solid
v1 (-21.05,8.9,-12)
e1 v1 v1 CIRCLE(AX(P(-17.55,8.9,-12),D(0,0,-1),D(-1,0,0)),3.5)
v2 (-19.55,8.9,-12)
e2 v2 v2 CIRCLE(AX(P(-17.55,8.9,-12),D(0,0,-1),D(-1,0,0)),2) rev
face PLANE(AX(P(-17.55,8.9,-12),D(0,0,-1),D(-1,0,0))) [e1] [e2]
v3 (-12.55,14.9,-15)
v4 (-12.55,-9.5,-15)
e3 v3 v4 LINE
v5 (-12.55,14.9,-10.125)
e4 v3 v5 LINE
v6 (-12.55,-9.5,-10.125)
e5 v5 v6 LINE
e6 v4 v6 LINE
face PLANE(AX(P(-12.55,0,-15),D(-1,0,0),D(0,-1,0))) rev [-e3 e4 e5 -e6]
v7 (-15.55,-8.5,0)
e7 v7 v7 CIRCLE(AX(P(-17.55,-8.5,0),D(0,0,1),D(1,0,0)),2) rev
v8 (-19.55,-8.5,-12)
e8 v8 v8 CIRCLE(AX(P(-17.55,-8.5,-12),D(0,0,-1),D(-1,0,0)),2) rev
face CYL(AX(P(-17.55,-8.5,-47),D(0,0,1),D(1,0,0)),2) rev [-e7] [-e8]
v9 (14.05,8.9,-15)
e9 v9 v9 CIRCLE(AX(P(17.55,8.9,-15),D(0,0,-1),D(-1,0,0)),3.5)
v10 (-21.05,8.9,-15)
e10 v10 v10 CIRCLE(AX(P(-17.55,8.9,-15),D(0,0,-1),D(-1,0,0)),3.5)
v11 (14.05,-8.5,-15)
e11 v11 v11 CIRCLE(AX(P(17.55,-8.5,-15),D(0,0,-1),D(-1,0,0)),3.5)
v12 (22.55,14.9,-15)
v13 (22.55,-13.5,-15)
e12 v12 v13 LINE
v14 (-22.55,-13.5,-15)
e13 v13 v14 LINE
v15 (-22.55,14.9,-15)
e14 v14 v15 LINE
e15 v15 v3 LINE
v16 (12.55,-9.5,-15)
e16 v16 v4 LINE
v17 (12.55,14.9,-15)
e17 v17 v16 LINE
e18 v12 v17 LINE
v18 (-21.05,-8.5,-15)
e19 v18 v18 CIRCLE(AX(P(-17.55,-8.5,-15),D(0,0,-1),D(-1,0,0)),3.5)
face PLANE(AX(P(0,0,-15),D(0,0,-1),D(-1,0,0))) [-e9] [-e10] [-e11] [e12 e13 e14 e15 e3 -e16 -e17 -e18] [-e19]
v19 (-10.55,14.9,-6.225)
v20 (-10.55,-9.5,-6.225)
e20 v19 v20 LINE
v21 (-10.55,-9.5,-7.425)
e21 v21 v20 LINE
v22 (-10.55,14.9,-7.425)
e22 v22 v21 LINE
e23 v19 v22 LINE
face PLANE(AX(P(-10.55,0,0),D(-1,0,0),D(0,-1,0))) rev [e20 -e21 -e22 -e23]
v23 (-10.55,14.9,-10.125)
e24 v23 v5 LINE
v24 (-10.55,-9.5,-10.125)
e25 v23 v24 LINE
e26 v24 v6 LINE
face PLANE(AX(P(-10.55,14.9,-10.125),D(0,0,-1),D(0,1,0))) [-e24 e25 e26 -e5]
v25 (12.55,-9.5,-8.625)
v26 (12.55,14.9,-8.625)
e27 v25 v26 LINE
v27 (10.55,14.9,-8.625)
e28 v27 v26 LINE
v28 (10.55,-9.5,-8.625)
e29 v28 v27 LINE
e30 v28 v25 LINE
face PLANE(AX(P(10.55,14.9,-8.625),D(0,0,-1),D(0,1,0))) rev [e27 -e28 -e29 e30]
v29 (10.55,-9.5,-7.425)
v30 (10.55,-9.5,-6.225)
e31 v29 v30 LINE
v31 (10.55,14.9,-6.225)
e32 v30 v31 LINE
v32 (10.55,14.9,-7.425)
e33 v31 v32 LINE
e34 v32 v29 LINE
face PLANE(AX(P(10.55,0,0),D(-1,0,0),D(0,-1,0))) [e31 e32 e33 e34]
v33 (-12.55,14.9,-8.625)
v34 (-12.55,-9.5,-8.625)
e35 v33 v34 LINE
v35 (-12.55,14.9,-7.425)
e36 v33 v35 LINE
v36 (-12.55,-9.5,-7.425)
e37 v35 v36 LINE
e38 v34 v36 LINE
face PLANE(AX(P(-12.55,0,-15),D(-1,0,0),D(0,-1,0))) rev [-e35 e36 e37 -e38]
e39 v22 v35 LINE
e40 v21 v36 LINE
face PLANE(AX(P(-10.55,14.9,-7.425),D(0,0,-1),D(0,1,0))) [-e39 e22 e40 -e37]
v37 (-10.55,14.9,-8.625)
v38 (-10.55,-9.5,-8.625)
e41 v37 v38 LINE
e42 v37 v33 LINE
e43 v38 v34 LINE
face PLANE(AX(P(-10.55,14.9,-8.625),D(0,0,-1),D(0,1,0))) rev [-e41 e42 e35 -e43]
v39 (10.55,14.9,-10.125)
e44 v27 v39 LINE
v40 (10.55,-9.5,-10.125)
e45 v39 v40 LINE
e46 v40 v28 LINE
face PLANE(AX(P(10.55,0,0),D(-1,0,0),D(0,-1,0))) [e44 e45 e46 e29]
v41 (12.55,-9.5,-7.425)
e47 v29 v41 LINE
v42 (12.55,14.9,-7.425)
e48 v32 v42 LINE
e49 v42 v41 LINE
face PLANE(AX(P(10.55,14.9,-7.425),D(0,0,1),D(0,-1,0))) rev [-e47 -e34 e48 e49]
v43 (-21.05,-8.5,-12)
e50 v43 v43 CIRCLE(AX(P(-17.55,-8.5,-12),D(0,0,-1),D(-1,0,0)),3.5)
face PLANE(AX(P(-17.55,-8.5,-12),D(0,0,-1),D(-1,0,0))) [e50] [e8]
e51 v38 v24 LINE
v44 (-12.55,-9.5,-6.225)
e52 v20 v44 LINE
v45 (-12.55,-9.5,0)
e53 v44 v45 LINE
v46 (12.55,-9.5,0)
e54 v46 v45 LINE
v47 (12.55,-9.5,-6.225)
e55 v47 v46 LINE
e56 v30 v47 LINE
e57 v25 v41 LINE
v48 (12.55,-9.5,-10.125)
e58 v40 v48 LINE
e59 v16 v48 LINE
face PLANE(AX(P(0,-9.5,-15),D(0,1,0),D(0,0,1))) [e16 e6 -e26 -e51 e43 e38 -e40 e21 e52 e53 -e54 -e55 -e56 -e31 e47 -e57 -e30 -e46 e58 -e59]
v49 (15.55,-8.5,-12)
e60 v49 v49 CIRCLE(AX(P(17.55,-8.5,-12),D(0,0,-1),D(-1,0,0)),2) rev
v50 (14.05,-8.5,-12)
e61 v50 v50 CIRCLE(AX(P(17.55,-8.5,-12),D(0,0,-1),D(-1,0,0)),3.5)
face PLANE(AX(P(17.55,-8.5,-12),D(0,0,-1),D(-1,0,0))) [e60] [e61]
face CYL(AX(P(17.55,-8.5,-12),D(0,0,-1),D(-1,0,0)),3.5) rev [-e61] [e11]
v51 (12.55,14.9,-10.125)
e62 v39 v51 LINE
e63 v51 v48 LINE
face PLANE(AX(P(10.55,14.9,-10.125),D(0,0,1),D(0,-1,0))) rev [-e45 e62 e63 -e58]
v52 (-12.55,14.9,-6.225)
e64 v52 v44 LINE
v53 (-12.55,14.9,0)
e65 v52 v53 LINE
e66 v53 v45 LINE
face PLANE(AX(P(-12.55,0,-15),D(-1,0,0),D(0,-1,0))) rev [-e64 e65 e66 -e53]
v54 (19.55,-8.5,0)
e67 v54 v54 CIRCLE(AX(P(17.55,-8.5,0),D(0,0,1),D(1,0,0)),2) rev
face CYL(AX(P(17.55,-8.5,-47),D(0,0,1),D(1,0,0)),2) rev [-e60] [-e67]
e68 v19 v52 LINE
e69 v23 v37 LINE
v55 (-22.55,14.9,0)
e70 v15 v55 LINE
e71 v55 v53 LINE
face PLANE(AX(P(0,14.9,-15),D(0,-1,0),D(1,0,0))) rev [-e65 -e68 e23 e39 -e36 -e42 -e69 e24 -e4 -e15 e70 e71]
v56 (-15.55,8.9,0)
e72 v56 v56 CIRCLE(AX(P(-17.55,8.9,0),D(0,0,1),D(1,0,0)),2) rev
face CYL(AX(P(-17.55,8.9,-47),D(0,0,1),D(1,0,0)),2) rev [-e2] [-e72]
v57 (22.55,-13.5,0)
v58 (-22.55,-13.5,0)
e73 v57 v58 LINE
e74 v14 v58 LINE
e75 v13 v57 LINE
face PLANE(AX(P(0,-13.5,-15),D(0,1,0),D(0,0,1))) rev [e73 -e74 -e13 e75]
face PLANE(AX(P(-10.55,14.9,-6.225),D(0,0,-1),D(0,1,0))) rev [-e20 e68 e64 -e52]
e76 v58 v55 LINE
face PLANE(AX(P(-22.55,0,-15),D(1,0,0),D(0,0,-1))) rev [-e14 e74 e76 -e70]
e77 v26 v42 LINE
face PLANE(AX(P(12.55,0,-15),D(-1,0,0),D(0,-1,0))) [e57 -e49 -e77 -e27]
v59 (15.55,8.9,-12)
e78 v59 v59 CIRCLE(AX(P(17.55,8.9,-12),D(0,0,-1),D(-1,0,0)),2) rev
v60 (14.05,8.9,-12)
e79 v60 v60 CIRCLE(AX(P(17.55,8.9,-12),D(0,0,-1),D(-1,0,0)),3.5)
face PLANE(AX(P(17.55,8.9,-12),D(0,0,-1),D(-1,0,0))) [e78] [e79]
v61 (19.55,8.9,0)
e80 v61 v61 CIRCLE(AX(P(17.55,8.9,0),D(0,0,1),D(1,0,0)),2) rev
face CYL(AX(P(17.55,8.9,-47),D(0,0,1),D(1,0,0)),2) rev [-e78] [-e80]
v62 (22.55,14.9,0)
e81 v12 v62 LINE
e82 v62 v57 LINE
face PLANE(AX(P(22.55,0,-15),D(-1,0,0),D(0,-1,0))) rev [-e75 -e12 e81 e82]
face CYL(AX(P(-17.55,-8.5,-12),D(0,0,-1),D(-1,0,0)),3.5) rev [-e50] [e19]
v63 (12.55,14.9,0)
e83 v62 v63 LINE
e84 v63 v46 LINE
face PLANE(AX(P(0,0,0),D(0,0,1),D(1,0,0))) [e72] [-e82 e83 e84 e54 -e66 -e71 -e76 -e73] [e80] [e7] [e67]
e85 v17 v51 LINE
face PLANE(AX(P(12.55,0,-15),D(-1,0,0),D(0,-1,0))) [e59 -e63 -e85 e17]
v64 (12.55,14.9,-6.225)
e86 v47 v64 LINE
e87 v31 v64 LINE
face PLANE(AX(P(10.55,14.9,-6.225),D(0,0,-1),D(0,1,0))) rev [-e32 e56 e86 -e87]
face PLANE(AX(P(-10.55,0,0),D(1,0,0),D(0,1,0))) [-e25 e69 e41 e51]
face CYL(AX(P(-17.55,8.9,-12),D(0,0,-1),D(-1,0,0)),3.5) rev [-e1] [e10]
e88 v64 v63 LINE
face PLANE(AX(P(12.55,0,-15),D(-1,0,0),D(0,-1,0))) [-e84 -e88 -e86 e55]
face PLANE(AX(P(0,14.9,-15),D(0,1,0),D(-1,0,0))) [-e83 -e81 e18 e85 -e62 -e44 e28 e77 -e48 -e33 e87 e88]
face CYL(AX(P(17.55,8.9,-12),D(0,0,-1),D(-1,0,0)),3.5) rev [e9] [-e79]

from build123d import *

# Parameters (mm, degrees)
ESQUISSE1_R             = 37
ESQUISSE1_R_2           = 1.5
ESQUISSE1_W             = 25
ESQUISSE1_H             = 3
BOSS_EXTRU_1_DEPTH      = 2
BOSS_EXTRU_2_DEPTH      = 15
ESQUISSE3_W             = 1.5
ESQUISSE3_H             = 28.4
ESQUISSE3_W_2           = 1.2
BOSS_EXTRU_3_DEPTH      = 2
ESQUISSE5_W             = 1.5
ESQUISSE5_H             = 24.4
ESQUISSE5_W_2           = 1.2
BOSS_EXTRU_4_DEPTH      = 2
ESQUISSE10_R            = 2
ENL_V_MAT_EXTRU_3_DEPTH = 49
ENL_V_START             = -2
ESQUISSE11_R            = 37
ENL_V_MAT_EXTRU_4_DEPTH = 2
SKETCH4_R               = 3.5
CUT_EXTRUDE2_DEPTH      = 3


with BuildPart() as part:
    # Esquisse1 → Boss.-Extru.1 (new body)
    with BuildSketch(Plane.XY):
        Circle(ESQUISSE1_R)
        with Locations((0, 30)):
            Circle(ESQUISSE1_R_2, mode=Mode.SUBTRACT)
        with Locations((-25.416453209, -15.9375)):
            Circle(ESQUISSE1_R_2, mode=Mode.SUBTRACT)
        with Locations((0, -27)):
            Circle(ESQUISSE1_R_2, mode=Mode.SUBTRACT)
        with Locations((25.416453209, -15.9375)):
            Circle(ESQUISSE1_R_2, mode=Mode.SUBTRACT)
        with Locations((0, -15.5)):
            Rectangle(ESQUISSE1_W, ESQUISSE1_H, mode=Mode.SUBTRACT)
    extrude(amount=BOSS_EXTRU_1_DEPTH)

    # Esquisse2 → Boss.-Extru.2 (add)
    with BuildSketch(Plane(origin=(0, 0, 0), x_dir=(-1, 0, 0), z_dir=(0, 0, -1))):
        Polygon((-22.55, 14.9), (-12.55, 14.9), (-12.55, -9.5), (12.55, -9.5), (12.55, 14.9), (22.55, 14.9), (22.55, -13.5), (-22.55, -13.5), align=None)
    extrude(amount=BOSS_EXTRU_2_DEPTH)

    # Esquisse3 → Boss.-Extru.3 (add)
    with BuildSketch(Plane(origin=(-12.55, 0, 0), x_dir=(0, 0, -1), z_dir=(1, 0, 0))):
        with Locations((9.375, 0.7)):
            Rectangle(ESQUISSE3_W, ESQUISSE3_H)
        with Locations((6.825, 0.7)):
            Rectangle(ESQUISSE3_W_2, ESQUISSE3_H)
    extrude(amount=BOSS_EXTRU_3_DEPTH)

    # Esquisse5 → Boss.-Extru.4 (add)
    with BuildSketch(Plane.ZY.offset(-12.55)):
        with Locations((-9.375, 2.7)):
            Rectangle(ESQUISSE5_W, ESQUISSE5_H)
        with Locations((-6.825, 2.7)):
            Rectangle(ESQUISSE5_W_2, ESQUISSE5_H)
    extrude(amount=BOSS_EXTRU_4_DEPTH)

    # Esquisse10 → Enlèv. mat.-Extru.3 (cut)
    with BuildSketch(Plane.XY.offset(2)):
        with Locations((-17.55, 8.9)):
            Circle(ESQUISSE10_R)
        with Locations((-17.55, -8.5)):
            Circle(ESQUISSE10_R)
        with Locations((17.55, -8.5)):
            Circle(ESQUISSE10_R)
        with Locations((17.55, 8.9)):
            Circle(ESQUISSE10_R)
    extrude(amount=-ENL_V_MAT_EXTRU_3_DEPTH, mode=Mode.SUBTRACT)

    # Esquisse11 → Enlèv. mat.-Extru.4 (cut)
    with BuildSketch(Plane.XY.offset(2).offset(ENL_V_START)):
        Circle(ESQUISSE11_R)
    extrude(amount=ENL_V_MAT_EXTRU_4_DEPTH, mode=Mode.SUBTRACT)

    # Sketch4 → Cut-Extrude2 (cut)
    with BuildSketch(Plane(origin=(0, 0, -15), x_dir=(-1, 0, 0), z_dir=(0, 0, -1))):
        with Locations((-17.55, -8.5)):
            Circle(SKETCH4_R)
        with Locations((-17.55, 8.9)):
            Circle(SKETCH4_R)
        with Locations((17.55, 8.9)):
            Circle(SKETCH4_R)
        with Locations((17.55, -8.5)):
            Circle(SKETCH4_R)
    extrude(amount=-CUT_EXTRUDE2_DEPTH, mode=Mode.SUBTRACT)


solid = part.part
